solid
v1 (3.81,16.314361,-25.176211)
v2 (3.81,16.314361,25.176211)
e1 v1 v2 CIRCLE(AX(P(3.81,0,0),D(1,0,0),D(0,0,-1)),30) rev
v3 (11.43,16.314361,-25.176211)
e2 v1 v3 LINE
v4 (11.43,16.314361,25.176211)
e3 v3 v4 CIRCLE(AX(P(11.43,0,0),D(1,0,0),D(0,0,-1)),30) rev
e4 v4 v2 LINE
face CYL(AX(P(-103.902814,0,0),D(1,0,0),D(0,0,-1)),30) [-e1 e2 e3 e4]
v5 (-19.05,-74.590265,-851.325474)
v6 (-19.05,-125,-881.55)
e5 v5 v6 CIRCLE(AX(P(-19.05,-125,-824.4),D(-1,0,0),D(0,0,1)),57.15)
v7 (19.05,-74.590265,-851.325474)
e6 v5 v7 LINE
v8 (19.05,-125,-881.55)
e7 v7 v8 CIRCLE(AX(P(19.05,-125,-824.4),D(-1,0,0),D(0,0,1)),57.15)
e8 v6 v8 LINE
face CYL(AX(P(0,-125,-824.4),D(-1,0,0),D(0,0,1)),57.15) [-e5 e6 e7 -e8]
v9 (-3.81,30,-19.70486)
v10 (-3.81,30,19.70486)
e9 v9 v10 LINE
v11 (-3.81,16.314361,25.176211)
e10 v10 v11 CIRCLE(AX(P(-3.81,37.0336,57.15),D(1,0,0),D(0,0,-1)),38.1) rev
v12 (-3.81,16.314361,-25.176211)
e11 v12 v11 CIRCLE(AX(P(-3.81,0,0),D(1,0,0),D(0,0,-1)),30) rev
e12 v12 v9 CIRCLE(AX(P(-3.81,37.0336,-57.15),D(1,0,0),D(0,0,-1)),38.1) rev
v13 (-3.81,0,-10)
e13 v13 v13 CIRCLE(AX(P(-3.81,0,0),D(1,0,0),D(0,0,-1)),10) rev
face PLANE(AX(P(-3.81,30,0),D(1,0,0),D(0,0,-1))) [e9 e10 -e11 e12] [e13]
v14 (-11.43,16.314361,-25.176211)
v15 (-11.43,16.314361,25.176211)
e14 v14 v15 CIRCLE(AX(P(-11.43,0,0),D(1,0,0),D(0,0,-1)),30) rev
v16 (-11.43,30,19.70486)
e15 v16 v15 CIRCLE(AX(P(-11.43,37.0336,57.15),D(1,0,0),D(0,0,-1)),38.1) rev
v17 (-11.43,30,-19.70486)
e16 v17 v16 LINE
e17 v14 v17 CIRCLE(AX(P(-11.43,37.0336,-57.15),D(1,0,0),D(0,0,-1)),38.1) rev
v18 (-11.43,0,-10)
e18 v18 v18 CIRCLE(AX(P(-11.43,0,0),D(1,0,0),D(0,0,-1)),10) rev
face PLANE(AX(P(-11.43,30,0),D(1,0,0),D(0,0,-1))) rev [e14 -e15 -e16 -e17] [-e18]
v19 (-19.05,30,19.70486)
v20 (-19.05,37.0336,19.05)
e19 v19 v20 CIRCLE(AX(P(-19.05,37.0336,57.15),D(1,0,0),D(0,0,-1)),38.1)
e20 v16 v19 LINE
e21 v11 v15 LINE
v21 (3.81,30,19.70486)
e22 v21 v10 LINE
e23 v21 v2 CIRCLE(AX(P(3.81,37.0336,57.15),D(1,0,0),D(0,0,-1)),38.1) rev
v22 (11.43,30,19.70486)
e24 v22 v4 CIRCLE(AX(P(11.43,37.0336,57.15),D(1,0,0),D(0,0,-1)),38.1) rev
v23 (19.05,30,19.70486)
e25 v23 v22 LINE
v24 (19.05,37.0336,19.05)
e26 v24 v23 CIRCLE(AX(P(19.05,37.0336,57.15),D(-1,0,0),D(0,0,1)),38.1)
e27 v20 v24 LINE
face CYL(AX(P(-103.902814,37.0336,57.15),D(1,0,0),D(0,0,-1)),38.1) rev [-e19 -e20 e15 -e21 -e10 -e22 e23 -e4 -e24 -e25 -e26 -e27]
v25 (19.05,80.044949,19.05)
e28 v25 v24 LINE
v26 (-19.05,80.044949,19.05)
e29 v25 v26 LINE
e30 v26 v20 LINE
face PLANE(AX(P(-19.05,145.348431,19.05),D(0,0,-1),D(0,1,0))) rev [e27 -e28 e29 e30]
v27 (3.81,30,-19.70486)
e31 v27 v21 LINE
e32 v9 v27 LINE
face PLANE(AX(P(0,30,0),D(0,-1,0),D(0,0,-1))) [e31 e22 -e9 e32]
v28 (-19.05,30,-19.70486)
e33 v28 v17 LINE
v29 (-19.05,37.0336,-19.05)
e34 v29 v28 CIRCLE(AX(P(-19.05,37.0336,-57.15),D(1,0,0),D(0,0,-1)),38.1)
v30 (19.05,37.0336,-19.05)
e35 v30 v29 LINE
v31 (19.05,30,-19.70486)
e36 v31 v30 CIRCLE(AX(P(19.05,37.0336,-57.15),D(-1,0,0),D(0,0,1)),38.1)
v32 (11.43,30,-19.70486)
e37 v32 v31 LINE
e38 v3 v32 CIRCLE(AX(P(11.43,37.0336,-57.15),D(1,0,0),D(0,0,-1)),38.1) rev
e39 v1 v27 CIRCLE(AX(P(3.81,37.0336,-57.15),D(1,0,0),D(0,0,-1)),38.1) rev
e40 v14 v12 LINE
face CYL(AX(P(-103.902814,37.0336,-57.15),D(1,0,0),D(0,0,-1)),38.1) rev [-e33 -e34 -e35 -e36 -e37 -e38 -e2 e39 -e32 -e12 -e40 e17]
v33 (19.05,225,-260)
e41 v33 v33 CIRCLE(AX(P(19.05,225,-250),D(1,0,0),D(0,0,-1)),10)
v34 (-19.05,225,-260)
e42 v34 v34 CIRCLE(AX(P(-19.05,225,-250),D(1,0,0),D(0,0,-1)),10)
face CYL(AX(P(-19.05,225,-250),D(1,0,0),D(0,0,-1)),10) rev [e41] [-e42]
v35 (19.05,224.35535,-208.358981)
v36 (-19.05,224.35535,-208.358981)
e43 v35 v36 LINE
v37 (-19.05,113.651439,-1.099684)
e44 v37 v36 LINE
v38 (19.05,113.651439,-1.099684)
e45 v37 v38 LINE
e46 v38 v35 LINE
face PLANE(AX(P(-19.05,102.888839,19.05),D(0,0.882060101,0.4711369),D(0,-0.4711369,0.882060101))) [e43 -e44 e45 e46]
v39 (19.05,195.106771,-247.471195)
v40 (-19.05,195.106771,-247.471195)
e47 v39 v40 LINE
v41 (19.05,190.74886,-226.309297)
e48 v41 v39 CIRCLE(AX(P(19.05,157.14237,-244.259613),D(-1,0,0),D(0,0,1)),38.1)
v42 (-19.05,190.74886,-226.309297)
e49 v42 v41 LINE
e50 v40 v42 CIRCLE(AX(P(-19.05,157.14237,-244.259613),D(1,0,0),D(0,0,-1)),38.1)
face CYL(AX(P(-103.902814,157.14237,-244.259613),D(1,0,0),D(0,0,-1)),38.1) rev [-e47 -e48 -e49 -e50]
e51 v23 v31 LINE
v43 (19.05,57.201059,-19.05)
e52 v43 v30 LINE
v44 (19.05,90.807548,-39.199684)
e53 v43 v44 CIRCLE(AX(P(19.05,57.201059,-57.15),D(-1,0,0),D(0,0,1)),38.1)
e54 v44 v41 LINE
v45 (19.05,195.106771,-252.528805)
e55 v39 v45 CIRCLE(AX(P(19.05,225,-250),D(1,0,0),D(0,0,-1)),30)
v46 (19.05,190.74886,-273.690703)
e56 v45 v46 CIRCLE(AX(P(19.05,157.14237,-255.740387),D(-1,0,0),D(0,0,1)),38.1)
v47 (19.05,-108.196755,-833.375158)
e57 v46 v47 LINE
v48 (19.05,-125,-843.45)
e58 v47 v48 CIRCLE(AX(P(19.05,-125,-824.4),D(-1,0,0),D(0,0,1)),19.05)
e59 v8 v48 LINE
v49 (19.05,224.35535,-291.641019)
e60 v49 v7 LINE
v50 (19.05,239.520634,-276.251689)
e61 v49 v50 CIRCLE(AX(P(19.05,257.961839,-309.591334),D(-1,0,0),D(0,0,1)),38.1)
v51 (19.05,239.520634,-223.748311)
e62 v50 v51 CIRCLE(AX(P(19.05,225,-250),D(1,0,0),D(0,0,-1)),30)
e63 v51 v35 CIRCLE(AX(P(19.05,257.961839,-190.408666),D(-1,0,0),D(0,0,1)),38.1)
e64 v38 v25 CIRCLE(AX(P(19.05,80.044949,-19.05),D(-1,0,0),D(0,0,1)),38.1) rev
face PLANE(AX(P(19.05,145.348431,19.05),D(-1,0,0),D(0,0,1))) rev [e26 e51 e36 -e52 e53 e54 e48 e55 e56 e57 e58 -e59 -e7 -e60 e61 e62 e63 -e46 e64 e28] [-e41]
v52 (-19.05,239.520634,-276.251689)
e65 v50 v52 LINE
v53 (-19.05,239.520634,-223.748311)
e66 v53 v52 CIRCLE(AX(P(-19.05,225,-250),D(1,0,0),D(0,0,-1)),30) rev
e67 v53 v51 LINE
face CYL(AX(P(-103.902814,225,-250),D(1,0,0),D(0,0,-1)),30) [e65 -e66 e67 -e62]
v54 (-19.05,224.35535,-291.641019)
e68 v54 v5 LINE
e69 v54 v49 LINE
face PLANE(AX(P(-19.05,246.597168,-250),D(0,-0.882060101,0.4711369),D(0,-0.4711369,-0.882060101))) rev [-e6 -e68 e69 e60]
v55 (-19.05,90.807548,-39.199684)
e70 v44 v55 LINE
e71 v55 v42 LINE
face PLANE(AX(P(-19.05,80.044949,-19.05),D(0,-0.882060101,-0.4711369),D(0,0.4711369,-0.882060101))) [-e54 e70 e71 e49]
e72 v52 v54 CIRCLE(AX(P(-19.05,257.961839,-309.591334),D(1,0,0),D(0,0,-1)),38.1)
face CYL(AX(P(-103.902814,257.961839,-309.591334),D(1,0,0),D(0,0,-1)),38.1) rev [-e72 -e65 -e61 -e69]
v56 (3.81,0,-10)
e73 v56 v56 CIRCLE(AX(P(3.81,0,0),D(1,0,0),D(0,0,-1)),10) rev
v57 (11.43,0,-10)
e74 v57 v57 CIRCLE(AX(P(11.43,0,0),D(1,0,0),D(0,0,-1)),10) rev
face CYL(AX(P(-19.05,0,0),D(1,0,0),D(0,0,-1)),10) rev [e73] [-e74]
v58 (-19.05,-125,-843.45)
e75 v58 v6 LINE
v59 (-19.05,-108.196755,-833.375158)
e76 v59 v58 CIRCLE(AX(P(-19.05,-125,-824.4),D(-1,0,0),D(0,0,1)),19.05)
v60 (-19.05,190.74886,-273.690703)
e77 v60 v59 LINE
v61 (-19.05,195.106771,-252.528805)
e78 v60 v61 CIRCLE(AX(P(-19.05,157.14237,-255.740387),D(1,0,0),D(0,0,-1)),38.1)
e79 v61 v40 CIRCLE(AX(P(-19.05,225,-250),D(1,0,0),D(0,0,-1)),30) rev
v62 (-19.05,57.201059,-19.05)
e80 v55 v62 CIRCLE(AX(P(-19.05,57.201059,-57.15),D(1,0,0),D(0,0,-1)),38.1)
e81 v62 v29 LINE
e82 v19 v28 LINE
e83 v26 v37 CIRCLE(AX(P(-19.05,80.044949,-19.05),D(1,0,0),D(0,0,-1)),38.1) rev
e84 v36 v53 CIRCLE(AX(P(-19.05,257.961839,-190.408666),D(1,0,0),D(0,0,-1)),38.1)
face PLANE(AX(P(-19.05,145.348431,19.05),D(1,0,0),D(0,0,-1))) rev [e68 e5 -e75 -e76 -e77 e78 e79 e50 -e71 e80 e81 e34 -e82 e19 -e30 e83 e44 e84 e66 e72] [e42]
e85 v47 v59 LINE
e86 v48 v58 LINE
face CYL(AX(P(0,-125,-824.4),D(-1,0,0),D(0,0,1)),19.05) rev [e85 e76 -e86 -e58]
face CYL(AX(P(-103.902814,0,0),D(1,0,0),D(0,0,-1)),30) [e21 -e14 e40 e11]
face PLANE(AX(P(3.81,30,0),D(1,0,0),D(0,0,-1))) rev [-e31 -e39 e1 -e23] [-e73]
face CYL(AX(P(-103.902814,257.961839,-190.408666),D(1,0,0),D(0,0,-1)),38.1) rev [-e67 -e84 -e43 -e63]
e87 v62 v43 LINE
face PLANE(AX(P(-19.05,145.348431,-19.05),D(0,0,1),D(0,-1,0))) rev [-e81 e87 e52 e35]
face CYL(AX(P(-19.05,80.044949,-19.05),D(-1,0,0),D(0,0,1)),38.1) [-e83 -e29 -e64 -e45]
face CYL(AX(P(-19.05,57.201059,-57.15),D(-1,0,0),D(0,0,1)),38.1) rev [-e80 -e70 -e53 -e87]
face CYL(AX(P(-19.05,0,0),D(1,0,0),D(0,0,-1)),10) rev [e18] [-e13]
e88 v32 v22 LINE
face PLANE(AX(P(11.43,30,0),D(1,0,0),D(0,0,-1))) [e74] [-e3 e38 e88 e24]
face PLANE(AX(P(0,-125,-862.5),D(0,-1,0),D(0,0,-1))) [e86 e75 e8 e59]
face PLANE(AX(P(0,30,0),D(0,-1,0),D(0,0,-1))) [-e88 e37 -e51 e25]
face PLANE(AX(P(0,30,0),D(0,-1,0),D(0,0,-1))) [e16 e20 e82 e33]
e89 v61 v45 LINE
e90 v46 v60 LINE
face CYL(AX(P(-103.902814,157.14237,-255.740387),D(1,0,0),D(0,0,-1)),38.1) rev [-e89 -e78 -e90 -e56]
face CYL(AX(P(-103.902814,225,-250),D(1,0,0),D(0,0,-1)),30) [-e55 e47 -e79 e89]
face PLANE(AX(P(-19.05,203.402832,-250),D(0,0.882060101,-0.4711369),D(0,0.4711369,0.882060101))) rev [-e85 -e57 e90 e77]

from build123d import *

# Parameters (mm, degrees)
SKETCH3_W           = 38.1
SKETCH3_H           = 38.1
SKETCH4_R           = 10
CUT_EXTRUDE1_DEPTH  = 917.183483622
SKETCH5_R           = 30
SKETCH5_R_2         = 10
BOSS_EXTRUDE1_DEPTH = 38.1
FILLET1_R           = 38.1
SKETCH6_W           = 7.62
SKETCH6_H           = 80.541178389
CUT_EXTRUDE2_DEPTH  = 60


with BuildPart() as part:
    # Sweep1: sweep along a path in Sketch1
    with BuildLine(Plane(origin=(0, 0, 0), x_dir=(0, 0, -1), z_dir=(1, 0, 0))) as sweep1_path:
        Line((0, 0), (0, 91.466893968))
        Line((0, 91.466893968), (250, 225))
        Line((250, 225), (842.350315886, -91.393510157))
        ThreePointArc((842.350315886, -91.393510157), (857.076574448, -105.407871929), (862.5, -125))
    # Sketch3 → Sweep1 (sweep)
    with BuildSketch(Plane(origin=(0, 0, 0), x_dir=(1, 0, 0), z_dir=(0, 1, 0))):
        Rectangle(SKETCH3_W, SKETCH3_H)
    sweep(path=sweep1_path.line, transition=Transition.RIGHT)

    # Sketch4 → Cut-Extrude1 (cut, through all)
    with BuildSketch(Plane(origin=(19.05, 0, 0), x_dir=(0, 0, -1), z_dir=(1, 0, 0))):
        Circle(SKETCH4_R)
        with Locations((250, 225)):
            Circle(SKETCH4_R)
    extrude(amount=-CUT_EXTRUDE1_DEPTH, mode=Mode.SUBTRACT)

    # Sketch5 → Boss-Extrude1 (add)
    # profile 1 of 2: a face of its own
    with BuildSketch(Plane(origin=(19.05, 0, 0), x_dir=(0, 0, -1), z_dir=(1, 0, 0))):
        Circle(SKETCH5_R)
        Circle(SKETCH5_R_2, mode=Mode.SUBTRACT)
    # profile 2 of 2: a face of its own
    with BuildSketch(Plane(origin=(19.05, 0, 0), x_dir=(0, 0, -1), z_dir=(1, 0, 0))):
        with Locations((250, 225)):
            Circle(SKETCH5_R)
        with Locations((250, 225)):
            Circle(SKETCH5_R_2, mode=Mode.SUBTRACT)
    extrude(amount=-BOSS_EXTRUDE1_DEPTH)

    # Fillet1
    fillet1_edges = [part.edges().sort_by_distance(p)[0] for p in [
        (0, 230.884475737, -279.417221917),
        (0, 197.277985894, -261.46690603),
        (0, 80.044948857, -19.05),
        (0, 102.888839079, 19.05),
        (0, 23.175364075, 19.05),
        (0, 23.175364075, -19.05),
        (0, 230.884475737, -220.582778083),
        (0, 197.277985894, -238.53309397),
    ]]
    fillet(fillet1_edges, radius=FILLET1_R)

    # Sketch6 → Cut-Extrude2 (cut)
    with BuildSketch(Plane(origin=(0, -30, 0), x_dir=(-1, 0, 0), z_dir=(0, -1, 0))):
        with Locations((-15.24, -3.428675544)):
            Rectangle(SKETCH6_W, SKETCH6_H)
        with Locations((0, -3.428675544)):
            Rectangle(SKETCH6_W, SKETCH6_H)
        with Locations((15.24, -3.428675544)):
            Rectangle(SKETCH6_W, SKETCH6_H)
    extrude(amount=-CUT_EXTRUDE2_DEPTH, mode=Mode.SUBTRACT)


solid = part.part
